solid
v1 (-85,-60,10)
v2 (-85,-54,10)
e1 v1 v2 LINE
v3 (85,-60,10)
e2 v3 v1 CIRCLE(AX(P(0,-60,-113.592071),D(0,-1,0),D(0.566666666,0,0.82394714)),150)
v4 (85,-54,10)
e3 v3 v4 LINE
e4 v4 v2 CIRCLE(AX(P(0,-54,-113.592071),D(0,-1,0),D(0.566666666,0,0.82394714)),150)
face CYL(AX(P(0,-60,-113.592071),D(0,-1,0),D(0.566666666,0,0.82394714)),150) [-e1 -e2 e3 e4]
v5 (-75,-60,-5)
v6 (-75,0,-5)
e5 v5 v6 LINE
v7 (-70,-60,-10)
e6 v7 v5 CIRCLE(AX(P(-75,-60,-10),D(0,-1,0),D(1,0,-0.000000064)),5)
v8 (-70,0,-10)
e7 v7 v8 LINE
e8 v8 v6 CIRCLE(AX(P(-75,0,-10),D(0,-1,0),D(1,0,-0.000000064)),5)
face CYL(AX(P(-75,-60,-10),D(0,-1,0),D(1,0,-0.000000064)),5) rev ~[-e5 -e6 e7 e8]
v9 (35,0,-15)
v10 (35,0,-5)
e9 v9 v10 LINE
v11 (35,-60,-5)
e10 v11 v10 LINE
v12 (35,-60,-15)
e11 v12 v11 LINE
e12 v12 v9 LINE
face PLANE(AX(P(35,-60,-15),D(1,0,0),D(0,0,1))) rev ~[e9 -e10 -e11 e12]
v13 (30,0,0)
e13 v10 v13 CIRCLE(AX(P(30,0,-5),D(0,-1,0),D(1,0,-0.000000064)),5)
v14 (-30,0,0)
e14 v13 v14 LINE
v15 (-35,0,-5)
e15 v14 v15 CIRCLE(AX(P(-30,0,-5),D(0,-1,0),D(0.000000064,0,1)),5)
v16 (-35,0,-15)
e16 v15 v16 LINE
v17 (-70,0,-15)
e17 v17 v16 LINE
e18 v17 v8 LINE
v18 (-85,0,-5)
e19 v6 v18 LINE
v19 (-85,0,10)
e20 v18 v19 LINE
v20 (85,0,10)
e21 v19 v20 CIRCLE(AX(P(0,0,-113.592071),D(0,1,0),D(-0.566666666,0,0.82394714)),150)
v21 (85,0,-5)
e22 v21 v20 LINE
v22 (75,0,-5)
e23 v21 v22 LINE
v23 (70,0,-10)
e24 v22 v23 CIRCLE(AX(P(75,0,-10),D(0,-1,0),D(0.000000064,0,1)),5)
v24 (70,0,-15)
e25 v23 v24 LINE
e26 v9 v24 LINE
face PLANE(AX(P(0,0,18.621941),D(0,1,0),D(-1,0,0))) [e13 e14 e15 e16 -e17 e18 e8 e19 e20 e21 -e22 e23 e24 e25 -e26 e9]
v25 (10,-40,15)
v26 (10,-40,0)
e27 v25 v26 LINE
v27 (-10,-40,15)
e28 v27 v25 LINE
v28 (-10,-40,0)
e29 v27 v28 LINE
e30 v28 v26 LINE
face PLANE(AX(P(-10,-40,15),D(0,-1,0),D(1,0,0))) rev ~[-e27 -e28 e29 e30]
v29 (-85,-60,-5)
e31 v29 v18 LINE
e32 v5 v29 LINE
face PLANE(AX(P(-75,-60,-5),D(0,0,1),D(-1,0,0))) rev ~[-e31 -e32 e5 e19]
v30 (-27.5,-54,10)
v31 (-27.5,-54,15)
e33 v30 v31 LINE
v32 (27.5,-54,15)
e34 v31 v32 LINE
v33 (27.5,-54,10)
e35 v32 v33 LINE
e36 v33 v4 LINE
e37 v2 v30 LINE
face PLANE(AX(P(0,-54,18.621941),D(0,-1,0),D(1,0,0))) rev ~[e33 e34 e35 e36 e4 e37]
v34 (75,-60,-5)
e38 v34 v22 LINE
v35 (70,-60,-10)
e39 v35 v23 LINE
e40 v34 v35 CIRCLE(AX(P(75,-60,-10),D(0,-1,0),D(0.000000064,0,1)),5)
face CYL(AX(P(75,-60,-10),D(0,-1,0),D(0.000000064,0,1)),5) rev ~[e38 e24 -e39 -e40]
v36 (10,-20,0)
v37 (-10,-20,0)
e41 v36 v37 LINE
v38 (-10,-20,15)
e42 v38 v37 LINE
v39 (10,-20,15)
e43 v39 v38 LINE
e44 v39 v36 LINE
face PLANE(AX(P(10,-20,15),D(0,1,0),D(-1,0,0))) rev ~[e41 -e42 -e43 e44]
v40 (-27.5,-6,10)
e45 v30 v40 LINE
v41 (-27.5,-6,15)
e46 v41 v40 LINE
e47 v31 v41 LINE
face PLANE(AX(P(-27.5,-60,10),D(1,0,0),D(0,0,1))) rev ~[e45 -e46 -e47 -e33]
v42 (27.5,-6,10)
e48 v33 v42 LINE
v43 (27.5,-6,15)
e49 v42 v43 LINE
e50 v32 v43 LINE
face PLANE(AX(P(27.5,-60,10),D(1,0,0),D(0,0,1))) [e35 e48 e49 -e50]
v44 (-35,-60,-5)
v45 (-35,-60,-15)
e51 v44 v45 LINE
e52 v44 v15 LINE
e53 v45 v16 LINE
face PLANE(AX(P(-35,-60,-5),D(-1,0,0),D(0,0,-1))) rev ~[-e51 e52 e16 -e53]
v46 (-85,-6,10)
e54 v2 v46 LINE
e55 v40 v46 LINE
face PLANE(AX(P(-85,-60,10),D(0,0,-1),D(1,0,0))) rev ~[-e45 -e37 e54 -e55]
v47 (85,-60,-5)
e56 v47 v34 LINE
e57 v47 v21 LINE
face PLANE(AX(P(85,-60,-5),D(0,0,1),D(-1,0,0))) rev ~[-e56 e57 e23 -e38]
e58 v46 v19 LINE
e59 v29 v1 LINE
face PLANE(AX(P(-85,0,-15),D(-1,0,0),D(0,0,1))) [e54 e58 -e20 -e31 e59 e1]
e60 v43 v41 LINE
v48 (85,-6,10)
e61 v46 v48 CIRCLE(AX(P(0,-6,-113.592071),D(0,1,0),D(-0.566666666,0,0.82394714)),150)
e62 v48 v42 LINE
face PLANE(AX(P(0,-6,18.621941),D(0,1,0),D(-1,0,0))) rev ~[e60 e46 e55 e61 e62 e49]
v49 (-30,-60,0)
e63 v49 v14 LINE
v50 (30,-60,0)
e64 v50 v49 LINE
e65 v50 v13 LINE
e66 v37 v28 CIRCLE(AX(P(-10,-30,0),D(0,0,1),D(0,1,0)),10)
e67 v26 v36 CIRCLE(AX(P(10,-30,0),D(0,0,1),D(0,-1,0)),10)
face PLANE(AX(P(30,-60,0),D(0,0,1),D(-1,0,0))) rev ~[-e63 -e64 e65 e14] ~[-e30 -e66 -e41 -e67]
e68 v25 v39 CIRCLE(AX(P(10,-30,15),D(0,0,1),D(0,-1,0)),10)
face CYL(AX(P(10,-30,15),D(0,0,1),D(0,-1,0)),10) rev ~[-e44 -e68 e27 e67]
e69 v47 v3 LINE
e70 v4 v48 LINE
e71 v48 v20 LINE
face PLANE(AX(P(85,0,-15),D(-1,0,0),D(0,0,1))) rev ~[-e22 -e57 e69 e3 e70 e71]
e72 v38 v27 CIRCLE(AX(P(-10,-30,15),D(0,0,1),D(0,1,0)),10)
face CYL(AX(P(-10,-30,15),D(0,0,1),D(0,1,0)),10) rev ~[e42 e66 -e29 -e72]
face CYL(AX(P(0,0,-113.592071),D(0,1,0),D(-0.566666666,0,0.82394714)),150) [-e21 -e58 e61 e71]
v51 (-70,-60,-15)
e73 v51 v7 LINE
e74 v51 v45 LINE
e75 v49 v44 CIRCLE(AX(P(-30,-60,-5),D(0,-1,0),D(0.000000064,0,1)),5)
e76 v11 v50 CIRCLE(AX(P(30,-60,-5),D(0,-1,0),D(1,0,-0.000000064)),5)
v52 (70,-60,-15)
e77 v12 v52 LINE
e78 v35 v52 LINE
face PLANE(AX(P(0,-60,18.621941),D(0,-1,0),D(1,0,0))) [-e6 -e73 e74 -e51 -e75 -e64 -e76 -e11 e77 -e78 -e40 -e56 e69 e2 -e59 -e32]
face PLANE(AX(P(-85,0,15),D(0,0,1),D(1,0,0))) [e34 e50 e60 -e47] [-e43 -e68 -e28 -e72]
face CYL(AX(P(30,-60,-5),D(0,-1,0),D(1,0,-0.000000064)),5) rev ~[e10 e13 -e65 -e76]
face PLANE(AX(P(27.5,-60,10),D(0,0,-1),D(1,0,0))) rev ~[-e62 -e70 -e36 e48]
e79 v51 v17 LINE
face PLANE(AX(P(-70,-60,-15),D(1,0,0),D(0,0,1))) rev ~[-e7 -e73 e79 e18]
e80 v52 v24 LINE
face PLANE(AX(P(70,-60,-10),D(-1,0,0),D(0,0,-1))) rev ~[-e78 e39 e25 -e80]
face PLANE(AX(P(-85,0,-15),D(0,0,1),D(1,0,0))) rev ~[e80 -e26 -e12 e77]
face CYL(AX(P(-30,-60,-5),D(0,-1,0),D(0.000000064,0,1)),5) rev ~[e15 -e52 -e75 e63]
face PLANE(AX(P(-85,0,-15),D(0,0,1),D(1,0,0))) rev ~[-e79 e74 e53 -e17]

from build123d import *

# Parameters (mm, degrees)
F0_W      = 170
F0_H      = 30
F1_DEPTH  = 60
F3_DEPTH  = 60.001
F5_DEPTH  = 60.001
F6_W      = 57.5
F6_H      = 5
F7_DEPTH  = 60.001
F8_DEPTH  = 60.001
F10_DEPTH = 6
F12_DEPTH = 6
F14_DEPTH = 30.001


with BuildPart() as f1:
    # F0 (on Front) → F1 (new body)
    with BuildSketch(Plane.XZ):
        Rectangle(F0_W, F0_H)
    extrude(amount=F1_DEPTH)

    # F2 (on face) → F3 (cut, through all)
    with BuildSketch(Plane.XZ.offset(60)):
        with BuildLine():
            Line((30, 0), (-30, 0))
            ThreePointArc((-30, 0), (-33.535534, -1.464466), (-35, -5))
            Line((-35, -5), (-35, -15))
            Line((-35, -15), (35, -15))
            Line((35, -15), (35, -5))
            ThreePointArc((35, -5), (33.535534, -1.464466), (30, 0))
        make_face()
    extrude(amount=-F3_DEPTH, mode=Mode.SUBTRACT)

    # F4 (on face) → F5 (cut, through all)
    with BuildSketch(Plane.XZ.offset(60)):
        with BuildLine():
            Line((-85, -15), (-70, -15))
            Line((-70, -15), (-70, -10))
            ThreePointArc((-70, -10), (-71.464466, -6.464466), (-75, -5))
            Line((-75, -5), (-85, -5))
            Line((-85, -5), (-85, -15))
        make_face()
        with BuildLine():
            Line((70, -10), (70, -15))
            Line((70, -15), (85, -15))
            Line((85, -15), (85, -5))
            Line((85, -5), (75, -5))
            ThreePointArc((75, -5), (71.464466, -6.464466), (70, -10))
        make_face()
    extrude(amount=-F5_DEPTH, mode=Mode.SUBTRACT)

    # F6 (on face) → F7 (cut, through all)
    with BuildSketch(Plane.XZ.offset(60)):
        with Locations((56.25, 12.5)):
            Rectangle(F6_W, F6_H)
        with Locations((-56.25, 12.5)):
            Rectangle(F6_W, F6_H)
    extrude(amount=-F7_DEPTH, mode=Mode.SUBTRACT)

    # F6 (on face) → F8 (cut, through all)
    with BuildSketch(Plane.XZ.offset(60)):
        with Locations((56.25, 12.5)):
            Rectangle(F6_W, F6_H)
        with Locations((-56.25, 12.5)):
            Rectangle(F6_W, F6_H)
    extrude(amount=-F8_DEPTH, mode=Mode.SUBTRACT)

    # F9 (on face) → F10 (join)
    with BuildSketch(Plane.XZ.offset(60)):
        with BuildLine():
            Line((27.5, 10), (85, 10))
            ThreePointArc((85, 10), (0, 36.407929), (-85, 10))
            Line((-85, 10), (-27.5, 10))
            Line((-27.5, 10), (-27.5, 15))
            Line((-27.5, 15), (27.5, 15))
            Line((27.5, 15), (27.5, 10))
        make_face()
    extrude(amount=-F10_DEPTH)

    # F11 (on face) → F12 (join)
    with BuildSketch(Plane(origin=(0, 0, 0), x_dir=(-1, 0, 0), z_dir=(0, 1, 0))):
        with BuildLine():
            Line((27.5, 10), (85, 10))
            ThreePointArc((85, 10), (0, 36.407929), (-85, 10))
            Line((-85, 10), (-27.5, 10))
            Line((-27.5, 10), (-27.5, 15))
            Line((-27.5, 15), (27.5, 15))
            Line((27.5, 15), (27.5, 10))
        make_face()
    extrude(amount=-F12_DEPTH)

    # F13 (on face) → F14 (cut, through all)
    with BuildSketch(Plane.XY.offset(15)):
        with BuildLine():
            Line((10, -20), (-10, -20))
            ThreePointArc((-10, -20), (-20, -30), (-10, -40))
            Line((-10, -40), (10, -40))
            ThreePointArc((10, -40), (20, -30), (10, -20))
        make_face()
    extrude(amount=-F14_DEPTH, mode=Mode.SUBTRACT)


solid = f1.part
